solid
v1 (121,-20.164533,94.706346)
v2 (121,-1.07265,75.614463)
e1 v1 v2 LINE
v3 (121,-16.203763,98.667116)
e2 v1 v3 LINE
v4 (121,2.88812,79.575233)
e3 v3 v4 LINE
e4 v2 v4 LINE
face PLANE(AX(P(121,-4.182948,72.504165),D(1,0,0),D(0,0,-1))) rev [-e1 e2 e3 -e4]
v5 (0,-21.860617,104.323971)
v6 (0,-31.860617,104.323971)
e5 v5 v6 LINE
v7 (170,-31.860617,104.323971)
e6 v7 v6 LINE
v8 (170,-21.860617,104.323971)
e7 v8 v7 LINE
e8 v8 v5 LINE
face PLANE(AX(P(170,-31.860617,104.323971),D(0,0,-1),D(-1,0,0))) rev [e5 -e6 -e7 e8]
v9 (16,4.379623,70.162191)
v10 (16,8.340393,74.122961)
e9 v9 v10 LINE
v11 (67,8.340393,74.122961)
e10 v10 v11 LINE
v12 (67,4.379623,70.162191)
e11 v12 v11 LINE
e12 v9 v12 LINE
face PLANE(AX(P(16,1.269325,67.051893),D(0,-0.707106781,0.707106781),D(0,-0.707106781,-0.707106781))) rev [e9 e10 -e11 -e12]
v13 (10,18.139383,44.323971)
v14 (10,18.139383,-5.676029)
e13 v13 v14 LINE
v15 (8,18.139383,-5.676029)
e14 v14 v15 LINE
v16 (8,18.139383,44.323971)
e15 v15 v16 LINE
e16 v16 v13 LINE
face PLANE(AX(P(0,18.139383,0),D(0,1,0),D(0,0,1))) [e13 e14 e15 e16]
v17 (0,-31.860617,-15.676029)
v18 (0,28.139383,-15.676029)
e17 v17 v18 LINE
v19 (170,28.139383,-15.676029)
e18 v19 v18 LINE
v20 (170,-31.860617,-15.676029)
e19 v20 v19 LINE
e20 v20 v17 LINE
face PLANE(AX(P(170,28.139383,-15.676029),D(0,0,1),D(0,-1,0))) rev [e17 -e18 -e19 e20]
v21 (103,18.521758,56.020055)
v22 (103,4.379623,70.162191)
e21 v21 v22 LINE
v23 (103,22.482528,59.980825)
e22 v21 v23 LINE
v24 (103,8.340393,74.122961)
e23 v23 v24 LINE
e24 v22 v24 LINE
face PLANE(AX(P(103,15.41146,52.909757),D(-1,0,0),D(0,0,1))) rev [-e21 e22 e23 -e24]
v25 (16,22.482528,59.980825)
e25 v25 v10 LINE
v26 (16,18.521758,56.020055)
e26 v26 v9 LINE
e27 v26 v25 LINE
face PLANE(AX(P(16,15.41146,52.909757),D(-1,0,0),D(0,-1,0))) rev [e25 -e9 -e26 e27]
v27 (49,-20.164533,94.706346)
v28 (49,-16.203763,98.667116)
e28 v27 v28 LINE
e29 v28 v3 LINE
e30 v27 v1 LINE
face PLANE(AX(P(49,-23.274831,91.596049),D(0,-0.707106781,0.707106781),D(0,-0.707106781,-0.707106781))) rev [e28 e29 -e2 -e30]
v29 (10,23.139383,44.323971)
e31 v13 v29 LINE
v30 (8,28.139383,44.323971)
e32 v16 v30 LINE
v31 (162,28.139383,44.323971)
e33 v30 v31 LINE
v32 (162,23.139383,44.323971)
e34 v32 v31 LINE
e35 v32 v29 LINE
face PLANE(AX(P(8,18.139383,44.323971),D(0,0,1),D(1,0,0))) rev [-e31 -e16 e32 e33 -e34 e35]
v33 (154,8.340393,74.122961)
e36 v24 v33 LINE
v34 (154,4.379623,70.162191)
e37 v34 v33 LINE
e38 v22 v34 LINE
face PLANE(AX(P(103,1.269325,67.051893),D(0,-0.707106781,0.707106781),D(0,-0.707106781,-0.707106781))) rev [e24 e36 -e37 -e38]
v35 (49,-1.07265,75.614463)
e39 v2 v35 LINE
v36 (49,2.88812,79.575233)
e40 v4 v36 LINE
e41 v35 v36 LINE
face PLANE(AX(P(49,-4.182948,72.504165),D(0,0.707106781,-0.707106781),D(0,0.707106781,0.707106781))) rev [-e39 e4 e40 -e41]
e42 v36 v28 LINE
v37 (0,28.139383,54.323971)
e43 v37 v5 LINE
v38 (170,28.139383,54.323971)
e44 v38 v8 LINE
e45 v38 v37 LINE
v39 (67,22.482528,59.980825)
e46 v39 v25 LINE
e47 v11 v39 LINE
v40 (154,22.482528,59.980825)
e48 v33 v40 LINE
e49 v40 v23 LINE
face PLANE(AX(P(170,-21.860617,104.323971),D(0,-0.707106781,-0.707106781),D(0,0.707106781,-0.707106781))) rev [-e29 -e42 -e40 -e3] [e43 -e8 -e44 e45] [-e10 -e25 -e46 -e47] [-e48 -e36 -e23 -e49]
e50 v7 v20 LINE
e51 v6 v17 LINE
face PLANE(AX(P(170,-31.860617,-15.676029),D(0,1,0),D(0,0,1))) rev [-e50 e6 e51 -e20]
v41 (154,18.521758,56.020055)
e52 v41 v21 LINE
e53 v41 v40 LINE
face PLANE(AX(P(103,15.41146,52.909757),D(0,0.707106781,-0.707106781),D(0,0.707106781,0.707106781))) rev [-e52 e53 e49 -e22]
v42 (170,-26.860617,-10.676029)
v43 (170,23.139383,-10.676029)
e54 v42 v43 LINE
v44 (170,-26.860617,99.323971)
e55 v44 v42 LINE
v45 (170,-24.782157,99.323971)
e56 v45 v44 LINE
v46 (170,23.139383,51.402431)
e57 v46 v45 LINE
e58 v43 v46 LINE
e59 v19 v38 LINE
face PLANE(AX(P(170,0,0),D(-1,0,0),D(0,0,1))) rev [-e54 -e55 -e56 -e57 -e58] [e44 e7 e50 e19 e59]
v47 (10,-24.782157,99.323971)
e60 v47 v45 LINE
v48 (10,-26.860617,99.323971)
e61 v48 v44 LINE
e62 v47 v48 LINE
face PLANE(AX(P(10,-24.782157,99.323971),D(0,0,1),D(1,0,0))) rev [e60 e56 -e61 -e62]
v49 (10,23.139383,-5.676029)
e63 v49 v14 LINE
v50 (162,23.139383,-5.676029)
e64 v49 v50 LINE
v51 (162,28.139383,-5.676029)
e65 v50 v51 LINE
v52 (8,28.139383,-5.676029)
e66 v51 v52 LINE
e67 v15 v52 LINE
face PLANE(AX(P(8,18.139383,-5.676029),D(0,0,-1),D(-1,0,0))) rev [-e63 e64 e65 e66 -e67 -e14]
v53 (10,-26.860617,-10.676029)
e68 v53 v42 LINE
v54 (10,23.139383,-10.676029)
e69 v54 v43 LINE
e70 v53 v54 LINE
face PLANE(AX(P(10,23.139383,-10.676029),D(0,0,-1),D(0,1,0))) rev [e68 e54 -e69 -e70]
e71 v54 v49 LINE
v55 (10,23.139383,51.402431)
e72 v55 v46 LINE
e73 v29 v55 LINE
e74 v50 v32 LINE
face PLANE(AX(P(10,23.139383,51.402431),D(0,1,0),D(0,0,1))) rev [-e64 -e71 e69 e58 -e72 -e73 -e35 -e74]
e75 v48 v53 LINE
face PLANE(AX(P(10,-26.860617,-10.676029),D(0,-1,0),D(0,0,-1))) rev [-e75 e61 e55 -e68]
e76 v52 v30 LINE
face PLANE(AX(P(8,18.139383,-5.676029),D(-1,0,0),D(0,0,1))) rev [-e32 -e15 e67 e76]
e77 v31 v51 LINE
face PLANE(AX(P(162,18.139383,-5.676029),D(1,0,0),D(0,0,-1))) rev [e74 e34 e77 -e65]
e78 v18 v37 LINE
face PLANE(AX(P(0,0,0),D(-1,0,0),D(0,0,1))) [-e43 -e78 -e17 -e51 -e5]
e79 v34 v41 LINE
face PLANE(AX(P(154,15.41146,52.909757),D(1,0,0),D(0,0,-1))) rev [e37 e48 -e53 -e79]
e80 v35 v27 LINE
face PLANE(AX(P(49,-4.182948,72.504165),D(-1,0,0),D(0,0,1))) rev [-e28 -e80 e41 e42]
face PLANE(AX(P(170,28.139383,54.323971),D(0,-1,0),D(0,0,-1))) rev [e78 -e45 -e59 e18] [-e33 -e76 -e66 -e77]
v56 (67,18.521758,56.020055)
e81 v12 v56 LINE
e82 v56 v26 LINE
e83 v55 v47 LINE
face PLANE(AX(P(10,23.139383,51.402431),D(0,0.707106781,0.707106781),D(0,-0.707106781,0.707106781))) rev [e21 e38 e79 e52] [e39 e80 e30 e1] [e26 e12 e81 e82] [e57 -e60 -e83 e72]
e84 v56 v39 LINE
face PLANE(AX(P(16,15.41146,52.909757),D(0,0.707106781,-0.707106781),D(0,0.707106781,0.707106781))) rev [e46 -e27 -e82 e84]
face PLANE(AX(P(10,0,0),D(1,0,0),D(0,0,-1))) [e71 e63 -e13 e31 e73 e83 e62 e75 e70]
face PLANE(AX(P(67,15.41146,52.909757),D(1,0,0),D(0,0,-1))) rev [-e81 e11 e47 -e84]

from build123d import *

# Parameters (mm, degrees)
BOSS_EXTRUDE1_DEPTH = 170
SKETCH2_W           = 154
SKETCH2_H           = 50
CUT_EXTRUDE1_DEPTH  = 10
CUT_EXTRUDE2_DEPTH  = 160
SKETCH4_W           = 51
SKETCH4_H           = 20
SKETCH4_W_2         = 72
SKETCH4_H_2         = 27
CUT_EXTRUDE3_DEPTH  = 10


with BuildPart() as part:
    # Sketch1 → Boss-Extrude1 (new body)
    with BuildSketch(Plane(origin=(0, 0, 0), x_dir=(0, 0, -1), z_dir=(1, 0, 0))):
        Polygon((-54.32397065, 28.139382559), (15.67602935, 28.139382559), (15.67602935, -31.860617441), (-104.32397065, -31.860617441), (-104.32397065, -21.860617441), align=None)
    extrude(amount=BOSS_EXTRUDE1_DEPTH)

    # Sketch2 → Cut-Extrude1 (cut)
    with BuildSketch(Plane(origin=(0, 28.139382559, 0), x_dir=(1, 0, 0), z_dir=(0, 1, 0))):
        with Locations((85, -19.32397065)):
            Rectangle(SKETCH2_W, SKETCH2_H)
    extrude(amount=-CUT_EXTRUDE1_DEPTH, mode=Mode.SUBTRACT)

    # Sketch3 → Cut-Extrude2 (cut)
    with BuildSketch(Plane(origin=(170, 0, 0), x_dir=(0, 0, -1), z_dir=(1, 0, 0))):
        Polygon((-51.40243063, 23.139382559), (10.67602935, 23.139382559), (10.67602935, -26.860617441), (-99.32397065, -26.860617441), (-99.32397065, -24.782157461), align=None)
    extrude(amount=-CUT_EXTRUDE2_DEPTH, mode=Mode.SUBTRACT)

    # Sketch4 → Cut-Extrude3 (cut)
    with BuildSketch(Plane(origin=(0, 41.231676605, 41.231676605), x_dir=(1, 0, 0), z_dir=(0, 0.7071067811865474, 0.7071067811865477))):
        with Locations((41.5, -36.515299802)):
            Rectangle(SKETCH4_W, SKETCH4_H)
        with Locations((128.5, -36.515299802)):
            Rectangle(SKETCH4_W, SKETCH4_H)
        with Locations((85, -67.72597792)):
            Rectangle(SKETCH4_W_2, SKETCH4_H_2)
    extrude(amount=-CUT_EXTRUDE3_DEPTH, mode=Mode.SUBTRACT)


solid = part.part
